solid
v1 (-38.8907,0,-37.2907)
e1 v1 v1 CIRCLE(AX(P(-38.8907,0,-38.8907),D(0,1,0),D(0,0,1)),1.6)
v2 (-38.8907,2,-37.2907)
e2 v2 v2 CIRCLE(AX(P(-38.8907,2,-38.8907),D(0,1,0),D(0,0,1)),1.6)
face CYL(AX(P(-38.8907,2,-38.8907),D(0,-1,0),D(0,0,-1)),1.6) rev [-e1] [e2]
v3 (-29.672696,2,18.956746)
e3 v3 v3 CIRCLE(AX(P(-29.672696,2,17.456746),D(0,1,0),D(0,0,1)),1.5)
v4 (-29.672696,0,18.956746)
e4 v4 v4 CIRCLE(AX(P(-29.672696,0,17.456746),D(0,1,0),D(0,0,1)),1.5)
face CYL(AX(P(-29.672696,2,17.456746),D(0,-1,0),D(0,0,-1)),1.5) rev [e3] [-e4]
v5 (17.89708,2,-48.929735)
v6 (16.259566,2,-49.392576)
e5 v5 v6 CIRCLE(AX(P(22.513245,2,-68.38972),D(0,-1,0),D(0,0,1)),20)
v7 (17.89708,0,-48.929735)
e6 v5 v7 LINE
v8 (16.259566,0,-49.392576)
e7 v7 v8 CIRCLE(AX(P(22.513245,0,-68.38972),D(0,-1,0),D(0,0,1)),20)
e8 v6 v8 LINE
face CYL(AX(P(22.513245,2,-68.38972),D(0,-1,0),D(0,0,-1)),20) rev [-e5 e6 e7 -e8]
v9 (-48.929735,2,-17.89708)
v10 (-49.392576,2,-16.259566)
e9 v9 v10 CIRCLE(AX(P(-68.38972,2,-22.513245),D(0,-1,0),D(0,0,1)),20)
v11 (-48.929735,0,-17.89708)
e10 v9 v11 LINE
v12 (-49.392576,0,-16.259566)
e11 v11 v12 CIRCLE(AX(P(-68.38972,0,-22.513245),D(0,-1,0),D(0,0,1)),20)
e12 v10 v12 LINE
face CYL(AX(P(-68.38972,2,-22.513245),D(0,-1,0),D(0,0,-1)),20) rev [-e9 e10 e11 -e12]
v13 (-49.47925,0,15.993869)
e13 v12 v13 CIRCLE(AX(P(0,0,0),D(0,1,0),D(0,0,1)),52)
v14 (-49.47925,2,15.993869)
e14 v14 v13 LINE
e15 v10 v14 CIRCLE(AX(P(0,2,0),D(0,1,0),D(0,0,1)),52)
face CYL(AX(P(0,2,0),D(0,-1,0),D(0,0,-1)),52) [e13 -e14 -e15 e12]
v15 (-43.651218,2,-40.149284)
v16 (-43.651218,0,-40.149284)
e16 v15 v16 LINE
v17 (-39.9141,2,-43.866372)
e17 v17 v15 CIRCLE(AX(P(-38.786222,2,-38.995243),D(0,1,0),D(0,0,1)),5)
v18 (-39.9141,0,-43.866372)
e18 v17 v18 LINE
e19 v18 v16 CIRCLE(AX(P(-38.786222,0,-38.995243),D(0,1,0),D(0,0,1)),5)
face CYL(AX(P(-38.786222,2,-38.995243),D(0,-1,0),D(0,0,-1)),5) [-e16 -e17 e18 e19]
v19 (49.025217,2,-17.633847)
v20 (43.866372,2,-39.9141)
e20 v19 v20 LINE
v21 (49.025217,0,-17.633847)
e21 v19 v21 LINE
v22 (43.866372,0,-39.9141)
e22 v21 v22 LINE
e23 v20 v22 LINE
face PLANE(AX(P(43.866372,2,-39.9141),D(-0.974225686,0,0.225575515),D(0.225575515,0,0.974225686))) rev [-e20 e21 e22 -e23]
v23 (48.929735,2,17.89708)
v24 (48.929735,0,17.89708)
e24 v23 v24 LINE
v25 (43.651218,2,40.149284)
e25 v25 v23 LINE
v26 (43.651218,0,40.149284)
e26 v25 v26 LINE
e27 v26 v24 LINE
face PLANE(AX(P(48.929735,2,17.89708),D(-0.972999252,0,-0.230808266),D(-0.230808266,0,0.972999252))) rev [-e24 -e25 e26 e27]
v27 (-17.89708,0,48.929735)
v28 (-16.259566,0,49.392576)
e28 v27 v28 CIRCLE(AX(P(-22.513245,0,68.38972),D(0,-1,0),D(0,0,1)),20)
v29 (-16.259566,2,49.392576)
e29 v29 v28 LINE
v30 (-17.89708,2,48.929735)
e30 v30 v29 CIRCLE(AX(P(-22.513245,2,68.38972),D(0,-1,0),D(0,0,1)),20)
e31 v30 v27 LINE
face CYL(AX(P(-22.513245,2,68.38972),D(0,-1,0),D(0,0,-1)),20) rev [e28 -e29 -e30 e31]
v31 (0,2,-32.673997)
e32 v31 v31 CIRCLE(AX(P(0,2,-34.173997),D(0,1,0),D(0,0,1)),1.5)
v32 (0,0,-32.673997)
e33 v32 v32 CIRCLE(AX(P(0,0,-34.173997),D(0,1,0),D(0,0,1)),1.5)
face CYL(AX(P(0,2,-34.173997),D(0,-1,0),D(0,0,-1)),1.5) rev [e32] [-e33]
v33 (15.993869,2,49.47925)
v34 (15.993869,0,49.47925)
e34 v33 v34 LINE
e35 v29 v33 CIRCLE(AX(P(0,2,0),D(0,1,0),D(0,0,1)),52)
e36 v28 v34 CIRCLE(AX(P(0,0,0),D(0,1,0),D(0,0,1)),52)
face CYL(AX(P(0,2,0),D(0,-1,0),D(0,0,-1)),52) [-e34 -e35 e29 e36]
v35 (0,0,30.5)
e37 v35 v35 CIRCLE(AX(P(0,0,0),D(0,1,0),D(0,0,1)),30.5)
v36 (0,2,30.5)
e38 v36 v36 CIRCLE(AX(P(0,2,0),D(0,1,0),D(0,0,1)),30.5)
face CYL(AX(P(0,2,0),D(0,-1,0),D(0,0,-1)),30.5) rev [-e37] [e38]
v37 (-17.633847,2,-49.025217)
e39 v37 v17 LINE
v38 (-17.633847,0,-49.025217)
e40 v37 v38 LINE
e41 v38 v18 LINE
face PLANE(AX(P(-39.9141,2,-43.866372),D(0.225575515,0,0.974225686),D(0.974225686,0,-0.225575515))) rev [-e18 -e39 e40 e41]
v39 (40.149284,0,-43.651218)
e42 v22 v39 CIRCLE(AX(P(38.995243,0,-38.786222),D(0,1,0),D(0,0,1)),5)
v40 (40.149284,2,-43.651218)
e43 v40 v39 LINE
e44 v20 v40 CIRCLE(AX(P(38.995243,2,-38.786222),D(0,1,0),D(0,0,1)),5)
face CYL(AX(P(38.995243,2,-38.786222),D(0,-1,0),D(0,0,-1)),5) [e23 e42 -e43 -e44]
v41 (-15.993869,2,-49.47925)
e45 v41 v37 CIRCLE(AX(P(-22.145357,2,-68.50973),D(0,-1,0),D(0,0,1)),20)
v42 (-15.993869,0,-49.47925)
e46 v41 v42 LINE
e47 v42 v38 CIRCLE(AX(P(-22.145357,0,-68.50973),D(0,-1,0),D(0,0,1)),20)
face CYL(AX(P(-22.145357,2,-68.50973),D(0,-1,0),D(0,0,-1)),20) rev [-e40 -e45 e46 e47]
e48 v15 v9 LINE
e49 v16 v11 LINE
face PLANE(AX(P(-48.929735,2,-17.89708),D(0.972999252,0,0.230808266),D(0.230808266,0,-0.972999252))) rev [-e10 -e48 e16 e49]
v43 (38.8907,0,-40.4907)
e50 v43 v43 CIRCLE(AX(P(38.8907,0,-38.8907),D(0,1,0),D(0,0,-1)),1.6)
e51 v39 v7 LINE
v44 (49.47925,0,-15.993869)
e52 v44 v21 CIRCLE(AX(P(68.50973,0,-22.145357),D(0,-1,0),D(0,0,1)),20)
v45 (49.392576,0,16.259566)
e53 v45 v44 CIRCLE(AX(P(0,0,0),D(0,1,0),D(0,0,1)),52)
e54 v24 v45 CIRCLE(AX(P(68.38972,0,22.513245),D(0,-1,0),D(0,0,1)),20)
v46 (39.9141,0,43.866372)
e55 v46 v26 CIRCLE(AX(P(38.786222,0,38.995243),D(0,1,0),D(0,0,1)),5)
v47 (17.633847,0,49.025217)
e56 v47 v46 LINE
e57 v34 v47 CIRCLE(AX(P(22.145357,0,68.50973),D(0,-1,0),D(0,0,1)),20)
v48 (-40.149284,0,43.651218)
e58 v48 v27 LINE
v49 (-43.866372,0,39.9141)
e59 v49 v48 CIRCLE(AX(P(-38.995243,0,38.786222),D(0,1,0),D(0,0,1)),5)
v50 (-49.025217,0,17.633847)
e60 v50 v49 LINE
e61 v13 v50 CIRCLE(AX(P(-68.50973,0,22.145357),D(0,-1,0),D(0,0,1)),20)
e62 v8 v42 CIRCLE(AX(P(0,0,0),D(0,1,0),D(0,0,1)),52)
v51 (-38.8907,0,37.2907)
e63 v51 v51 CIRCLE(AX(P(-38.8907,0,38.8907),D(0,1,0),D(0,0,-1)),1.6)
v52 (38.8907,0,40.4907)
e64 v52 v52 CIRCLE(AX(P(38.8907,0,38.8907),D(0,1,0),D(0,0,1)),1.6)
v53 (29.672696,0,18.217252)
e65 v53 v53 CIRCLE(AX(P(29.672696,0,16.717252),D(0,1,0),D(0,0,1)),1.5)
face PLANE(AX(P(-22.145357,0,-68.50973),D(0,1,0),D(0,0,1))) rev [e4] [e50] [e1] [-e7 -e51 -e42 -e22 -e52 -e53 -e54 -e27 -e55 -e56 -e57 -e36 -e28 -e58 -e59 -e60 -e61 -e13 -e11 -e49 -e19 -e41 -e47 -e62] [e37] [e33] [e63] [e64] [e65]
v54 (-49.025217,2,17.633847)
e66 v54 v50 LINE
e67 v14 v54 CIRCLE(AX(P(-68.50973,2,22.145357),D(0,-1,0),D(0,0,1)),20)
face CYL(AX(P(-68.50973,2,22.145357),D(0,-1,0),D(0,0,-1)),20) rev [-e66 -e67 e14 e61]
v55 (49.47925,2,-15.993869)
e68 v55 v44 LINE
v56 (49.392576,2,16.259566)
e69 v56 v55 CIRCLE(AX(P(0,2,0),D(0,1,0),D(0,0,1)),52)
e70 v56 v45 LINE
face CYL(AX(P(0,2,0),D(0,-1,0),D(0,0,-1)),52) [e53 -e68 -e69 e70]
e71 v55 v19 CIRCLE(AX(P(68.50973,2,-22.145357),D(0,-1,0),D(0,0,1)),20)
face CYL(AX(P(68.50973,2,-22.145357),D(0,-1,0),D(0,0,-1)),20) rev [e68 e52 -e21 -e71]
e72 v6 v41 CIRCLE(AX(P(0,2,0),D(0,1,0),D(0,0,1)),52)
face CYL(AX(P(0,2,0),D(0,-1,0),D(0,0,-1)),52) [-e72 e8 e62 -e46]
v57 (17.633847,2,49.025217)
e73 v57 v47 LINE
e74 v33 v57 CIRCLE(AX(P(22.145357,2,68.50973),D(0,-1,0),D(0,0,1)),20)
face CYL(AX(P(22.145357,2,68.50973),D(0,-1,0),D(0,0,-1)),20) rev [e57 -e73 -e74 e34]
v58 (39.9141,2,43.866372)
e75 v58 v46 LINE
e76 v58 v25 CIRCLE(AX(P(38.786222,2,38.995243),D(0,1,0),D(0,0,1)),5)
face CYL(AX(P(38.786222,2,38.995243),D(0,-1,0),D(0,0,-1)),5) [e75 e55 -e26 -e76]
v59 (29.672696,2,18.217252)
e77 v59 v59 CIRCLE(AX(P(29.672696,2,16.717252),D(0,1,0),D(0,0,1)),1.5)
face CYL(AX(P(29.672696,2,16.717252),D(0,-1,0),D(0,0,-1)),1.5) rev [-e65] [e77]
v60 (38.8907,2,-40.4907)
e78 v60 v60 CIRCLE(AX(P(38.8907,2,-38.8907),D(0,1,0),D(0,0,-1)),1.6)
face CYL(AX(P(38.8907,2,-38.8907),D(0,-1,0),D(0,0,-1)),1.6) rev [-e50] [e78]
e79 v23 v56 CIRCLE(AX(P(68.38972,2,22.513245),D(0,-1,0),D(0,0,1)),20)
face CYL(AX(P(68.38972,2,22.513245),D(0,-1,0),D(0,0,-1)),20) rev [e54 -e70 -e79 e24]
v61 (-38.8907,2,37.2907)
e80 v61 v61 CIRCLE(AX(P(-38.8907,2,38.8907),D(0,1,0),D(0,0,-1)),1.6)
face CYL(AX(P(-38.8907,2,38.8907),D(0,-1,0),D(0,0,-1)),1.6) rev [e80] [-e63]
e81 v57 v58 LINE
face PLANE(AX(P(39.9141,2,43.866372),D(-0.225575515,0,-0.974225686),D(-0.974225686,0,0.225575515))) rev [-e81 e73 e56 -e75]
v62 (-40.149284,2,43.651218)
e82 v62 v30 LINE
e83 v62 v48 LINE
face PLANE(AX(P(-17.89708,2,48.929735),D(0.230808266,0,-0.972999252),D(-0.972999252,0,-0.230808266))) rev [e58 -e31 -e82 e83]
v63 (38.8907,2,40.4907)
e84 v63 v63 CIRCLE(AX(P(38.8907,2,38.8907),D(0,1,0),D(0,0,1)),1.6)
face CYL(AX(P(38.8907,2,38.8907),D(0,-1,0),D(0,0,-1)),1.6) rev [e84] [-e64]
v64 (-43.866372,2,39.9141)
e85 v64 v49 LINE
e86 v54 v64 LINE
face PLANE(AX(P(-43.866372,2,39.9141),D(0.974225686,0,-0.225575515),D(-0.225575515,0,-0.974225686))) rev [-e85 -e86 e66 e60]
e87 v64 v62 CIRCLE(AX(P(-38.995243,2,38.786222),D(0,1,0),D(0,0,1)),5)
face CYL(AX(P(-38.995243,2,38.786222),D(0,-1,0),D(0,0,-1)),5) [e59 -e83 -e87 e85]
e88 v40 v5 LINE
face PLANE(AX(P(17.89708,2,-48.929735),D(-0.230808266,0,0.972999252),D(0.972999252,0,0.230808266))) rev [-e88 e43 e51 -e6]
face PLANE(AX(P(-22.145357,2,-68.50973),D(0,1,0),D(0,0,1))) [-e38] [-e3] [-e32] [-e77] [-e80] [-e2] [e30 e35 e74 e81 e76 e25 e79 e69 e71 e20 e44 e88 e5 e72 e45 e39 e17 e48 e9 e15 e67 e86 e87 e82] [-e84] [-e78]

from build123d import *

# Parameters (mm, degrees)
SKETCH1_R           = 1.6
SKETCH1_R_2         = 30.5
SKETCH1_R_3         = 1.5
BOSS_EXTRUDE1_DEPTH = 2


with BuildPart() as part:
    # Sketch1 → Boss-Extrude1 (new body)
    with BuildSketch(Plane(origin=(0, 0, 0), x_dir=(1, 0, 0), z_dir=(0, 1, 0))):
        with BuildLine():
            Line((17.897079586, 48.929734976), (40.149284407, 43.651218265))
            ThreePointArc((40.149284407, 43.651218265), (42.540265174, 42.312242187), (43.866371506, 39.91409958))
            Line((43.866371506, 39.91409958), (49.02521675, 17.633846579))
            ThreePointArc((49.02521675, 17.633846579), (49.23478351, 16.809026698), (49.479249782, 15.993868858))
            ThreePointArc((49.479249782, 15.993868858), (51.999812242, -0.139738387), (49.392575566, -16.259565766))
            ThreePointArc((49.392575566, -16.259565766), (49.143731732, -17.073397941), (48.929734976, -17.897079586))
            Line((48.929734976, -17.897079586), (43.651218265, -40.149284407))
            ThreePointArc((43.651218265, -40.149284407), (42.312242187, -42.540265174), (39.91409958, -43.866371506))
            Line((39.91409958, -43.866371506), (17.633846579, -49.02521675))
            ThreePointArc((17.633846579, -49.02521675), (16.809026698, -49.23478351), (15.993868858, -49.479249782))
            ThreePointArc((15.993868858, -49.479249782), (-0.139738387, -51.999812242), (-16.259565766, -49.392575566))
            ThreePointArc((-16.259565766, -49.392575566), (-17.073397941, -49.143731732), (-17.897079586, -48.929734976))
            Line((-17.897079586, -48.929734976), (-40.149284407, -43.651218265))
            ThreePointArc((-40.149284407, -43.651218265), (-42.540265174, -42.312242187), (-43.866371506, -39.91409958))
            Line((-43.866371506, -39.91409958), (-49.02521675, -17.633846579))
            ThreePointArc((-49.02521675, -17.633846579), (-49.23478351, -16.809026698), (-49.479249782, -15.993868858))
            ThreePointArc((-49.479249782, -15.993868858), (-51.999812242, 0.139738387), (-49.392575566, 16.259565766))
            ThreePointArc((-49.392575566, 16.259565766), (-49.143731732, 17.073397941), (-48.929734976, 17.897079586))
            Line((-48.929734976, 17.897079586), (-43.651218265, 40.149284407))
            ThreePointArc((-43.651218265, 40.149284407), (-42.312242187, 42.540265174), (-39.91409958, 43.866371506))
            Line((-39.91409958, 43.866371506), (-17.633846579, 49.02521675))
            ThreePointArc((-17.633846579, 49.02521675), (-16.809026698, 49.23478351), (-15.993868858, 49.479249782))
            ThreePointArc((-15.993868858, 49.479249782), (-8.026622704, 51.3767781), (0.139738387, 51.999812242))
            ThreePointArc((0.139738387, 51.999812242), (8.302633013, 51.332896714), (16.259565766, 49.392575566))
            ThreePointArc((16.259565766, 49.392575566), (17.073397941, 49.143731732), (17.897079586, 48.929734976))
        make_face()
        with Locations(Location((-38.8907, 38.8907, 0), (0, 0, 270))):
            Circle(SKETCH1_R, mode=Mode.SUBTRACT)
        with Locations(Location((38.8907, 38.8907, 0), (0, 0, 90))):
            Circle(SKETCH1_R, mode=Mode.SUBTRACT)
        with Locations(Location((38.8907, -38.8907, 0), (0, 0, 270))):
            Circle(SKETCH1_R, mode=Mode.SUBTRACT)
        with Locations(Location((-38.8907, -38.8907, 0), (0, 0, 90))):
            Circle(SKETCH1_R, mode=Mode.SUBTRACT)
        with Locations(Location((0, 0, 0), (0, 0, 270))):
            Circle(SKETCH1_R_2, mode=Mode.SUBTRACT)
        with Locations(Location((0, 34.1739971, 0), (0, 0, 270))):
            Circle(SKETCH1_R_3, mode=Mode.SUBTRACT)
        with Locations(Location((-29.672696408, -17.456745562, 0), (0, 0, 270))):
            Circle(SKETCH1_R_3, mode=Mode.SUBTRACT)
        with Locations(Location((29.672696408, -16.717251537, 0), (0, 0, 270))):
            Circle(SKETCH1_R_3, mode=Mode.SUBTRACT)
    extrude(amount=BOSS_EXTRUDE1_DEPTH)


solid = part.part
